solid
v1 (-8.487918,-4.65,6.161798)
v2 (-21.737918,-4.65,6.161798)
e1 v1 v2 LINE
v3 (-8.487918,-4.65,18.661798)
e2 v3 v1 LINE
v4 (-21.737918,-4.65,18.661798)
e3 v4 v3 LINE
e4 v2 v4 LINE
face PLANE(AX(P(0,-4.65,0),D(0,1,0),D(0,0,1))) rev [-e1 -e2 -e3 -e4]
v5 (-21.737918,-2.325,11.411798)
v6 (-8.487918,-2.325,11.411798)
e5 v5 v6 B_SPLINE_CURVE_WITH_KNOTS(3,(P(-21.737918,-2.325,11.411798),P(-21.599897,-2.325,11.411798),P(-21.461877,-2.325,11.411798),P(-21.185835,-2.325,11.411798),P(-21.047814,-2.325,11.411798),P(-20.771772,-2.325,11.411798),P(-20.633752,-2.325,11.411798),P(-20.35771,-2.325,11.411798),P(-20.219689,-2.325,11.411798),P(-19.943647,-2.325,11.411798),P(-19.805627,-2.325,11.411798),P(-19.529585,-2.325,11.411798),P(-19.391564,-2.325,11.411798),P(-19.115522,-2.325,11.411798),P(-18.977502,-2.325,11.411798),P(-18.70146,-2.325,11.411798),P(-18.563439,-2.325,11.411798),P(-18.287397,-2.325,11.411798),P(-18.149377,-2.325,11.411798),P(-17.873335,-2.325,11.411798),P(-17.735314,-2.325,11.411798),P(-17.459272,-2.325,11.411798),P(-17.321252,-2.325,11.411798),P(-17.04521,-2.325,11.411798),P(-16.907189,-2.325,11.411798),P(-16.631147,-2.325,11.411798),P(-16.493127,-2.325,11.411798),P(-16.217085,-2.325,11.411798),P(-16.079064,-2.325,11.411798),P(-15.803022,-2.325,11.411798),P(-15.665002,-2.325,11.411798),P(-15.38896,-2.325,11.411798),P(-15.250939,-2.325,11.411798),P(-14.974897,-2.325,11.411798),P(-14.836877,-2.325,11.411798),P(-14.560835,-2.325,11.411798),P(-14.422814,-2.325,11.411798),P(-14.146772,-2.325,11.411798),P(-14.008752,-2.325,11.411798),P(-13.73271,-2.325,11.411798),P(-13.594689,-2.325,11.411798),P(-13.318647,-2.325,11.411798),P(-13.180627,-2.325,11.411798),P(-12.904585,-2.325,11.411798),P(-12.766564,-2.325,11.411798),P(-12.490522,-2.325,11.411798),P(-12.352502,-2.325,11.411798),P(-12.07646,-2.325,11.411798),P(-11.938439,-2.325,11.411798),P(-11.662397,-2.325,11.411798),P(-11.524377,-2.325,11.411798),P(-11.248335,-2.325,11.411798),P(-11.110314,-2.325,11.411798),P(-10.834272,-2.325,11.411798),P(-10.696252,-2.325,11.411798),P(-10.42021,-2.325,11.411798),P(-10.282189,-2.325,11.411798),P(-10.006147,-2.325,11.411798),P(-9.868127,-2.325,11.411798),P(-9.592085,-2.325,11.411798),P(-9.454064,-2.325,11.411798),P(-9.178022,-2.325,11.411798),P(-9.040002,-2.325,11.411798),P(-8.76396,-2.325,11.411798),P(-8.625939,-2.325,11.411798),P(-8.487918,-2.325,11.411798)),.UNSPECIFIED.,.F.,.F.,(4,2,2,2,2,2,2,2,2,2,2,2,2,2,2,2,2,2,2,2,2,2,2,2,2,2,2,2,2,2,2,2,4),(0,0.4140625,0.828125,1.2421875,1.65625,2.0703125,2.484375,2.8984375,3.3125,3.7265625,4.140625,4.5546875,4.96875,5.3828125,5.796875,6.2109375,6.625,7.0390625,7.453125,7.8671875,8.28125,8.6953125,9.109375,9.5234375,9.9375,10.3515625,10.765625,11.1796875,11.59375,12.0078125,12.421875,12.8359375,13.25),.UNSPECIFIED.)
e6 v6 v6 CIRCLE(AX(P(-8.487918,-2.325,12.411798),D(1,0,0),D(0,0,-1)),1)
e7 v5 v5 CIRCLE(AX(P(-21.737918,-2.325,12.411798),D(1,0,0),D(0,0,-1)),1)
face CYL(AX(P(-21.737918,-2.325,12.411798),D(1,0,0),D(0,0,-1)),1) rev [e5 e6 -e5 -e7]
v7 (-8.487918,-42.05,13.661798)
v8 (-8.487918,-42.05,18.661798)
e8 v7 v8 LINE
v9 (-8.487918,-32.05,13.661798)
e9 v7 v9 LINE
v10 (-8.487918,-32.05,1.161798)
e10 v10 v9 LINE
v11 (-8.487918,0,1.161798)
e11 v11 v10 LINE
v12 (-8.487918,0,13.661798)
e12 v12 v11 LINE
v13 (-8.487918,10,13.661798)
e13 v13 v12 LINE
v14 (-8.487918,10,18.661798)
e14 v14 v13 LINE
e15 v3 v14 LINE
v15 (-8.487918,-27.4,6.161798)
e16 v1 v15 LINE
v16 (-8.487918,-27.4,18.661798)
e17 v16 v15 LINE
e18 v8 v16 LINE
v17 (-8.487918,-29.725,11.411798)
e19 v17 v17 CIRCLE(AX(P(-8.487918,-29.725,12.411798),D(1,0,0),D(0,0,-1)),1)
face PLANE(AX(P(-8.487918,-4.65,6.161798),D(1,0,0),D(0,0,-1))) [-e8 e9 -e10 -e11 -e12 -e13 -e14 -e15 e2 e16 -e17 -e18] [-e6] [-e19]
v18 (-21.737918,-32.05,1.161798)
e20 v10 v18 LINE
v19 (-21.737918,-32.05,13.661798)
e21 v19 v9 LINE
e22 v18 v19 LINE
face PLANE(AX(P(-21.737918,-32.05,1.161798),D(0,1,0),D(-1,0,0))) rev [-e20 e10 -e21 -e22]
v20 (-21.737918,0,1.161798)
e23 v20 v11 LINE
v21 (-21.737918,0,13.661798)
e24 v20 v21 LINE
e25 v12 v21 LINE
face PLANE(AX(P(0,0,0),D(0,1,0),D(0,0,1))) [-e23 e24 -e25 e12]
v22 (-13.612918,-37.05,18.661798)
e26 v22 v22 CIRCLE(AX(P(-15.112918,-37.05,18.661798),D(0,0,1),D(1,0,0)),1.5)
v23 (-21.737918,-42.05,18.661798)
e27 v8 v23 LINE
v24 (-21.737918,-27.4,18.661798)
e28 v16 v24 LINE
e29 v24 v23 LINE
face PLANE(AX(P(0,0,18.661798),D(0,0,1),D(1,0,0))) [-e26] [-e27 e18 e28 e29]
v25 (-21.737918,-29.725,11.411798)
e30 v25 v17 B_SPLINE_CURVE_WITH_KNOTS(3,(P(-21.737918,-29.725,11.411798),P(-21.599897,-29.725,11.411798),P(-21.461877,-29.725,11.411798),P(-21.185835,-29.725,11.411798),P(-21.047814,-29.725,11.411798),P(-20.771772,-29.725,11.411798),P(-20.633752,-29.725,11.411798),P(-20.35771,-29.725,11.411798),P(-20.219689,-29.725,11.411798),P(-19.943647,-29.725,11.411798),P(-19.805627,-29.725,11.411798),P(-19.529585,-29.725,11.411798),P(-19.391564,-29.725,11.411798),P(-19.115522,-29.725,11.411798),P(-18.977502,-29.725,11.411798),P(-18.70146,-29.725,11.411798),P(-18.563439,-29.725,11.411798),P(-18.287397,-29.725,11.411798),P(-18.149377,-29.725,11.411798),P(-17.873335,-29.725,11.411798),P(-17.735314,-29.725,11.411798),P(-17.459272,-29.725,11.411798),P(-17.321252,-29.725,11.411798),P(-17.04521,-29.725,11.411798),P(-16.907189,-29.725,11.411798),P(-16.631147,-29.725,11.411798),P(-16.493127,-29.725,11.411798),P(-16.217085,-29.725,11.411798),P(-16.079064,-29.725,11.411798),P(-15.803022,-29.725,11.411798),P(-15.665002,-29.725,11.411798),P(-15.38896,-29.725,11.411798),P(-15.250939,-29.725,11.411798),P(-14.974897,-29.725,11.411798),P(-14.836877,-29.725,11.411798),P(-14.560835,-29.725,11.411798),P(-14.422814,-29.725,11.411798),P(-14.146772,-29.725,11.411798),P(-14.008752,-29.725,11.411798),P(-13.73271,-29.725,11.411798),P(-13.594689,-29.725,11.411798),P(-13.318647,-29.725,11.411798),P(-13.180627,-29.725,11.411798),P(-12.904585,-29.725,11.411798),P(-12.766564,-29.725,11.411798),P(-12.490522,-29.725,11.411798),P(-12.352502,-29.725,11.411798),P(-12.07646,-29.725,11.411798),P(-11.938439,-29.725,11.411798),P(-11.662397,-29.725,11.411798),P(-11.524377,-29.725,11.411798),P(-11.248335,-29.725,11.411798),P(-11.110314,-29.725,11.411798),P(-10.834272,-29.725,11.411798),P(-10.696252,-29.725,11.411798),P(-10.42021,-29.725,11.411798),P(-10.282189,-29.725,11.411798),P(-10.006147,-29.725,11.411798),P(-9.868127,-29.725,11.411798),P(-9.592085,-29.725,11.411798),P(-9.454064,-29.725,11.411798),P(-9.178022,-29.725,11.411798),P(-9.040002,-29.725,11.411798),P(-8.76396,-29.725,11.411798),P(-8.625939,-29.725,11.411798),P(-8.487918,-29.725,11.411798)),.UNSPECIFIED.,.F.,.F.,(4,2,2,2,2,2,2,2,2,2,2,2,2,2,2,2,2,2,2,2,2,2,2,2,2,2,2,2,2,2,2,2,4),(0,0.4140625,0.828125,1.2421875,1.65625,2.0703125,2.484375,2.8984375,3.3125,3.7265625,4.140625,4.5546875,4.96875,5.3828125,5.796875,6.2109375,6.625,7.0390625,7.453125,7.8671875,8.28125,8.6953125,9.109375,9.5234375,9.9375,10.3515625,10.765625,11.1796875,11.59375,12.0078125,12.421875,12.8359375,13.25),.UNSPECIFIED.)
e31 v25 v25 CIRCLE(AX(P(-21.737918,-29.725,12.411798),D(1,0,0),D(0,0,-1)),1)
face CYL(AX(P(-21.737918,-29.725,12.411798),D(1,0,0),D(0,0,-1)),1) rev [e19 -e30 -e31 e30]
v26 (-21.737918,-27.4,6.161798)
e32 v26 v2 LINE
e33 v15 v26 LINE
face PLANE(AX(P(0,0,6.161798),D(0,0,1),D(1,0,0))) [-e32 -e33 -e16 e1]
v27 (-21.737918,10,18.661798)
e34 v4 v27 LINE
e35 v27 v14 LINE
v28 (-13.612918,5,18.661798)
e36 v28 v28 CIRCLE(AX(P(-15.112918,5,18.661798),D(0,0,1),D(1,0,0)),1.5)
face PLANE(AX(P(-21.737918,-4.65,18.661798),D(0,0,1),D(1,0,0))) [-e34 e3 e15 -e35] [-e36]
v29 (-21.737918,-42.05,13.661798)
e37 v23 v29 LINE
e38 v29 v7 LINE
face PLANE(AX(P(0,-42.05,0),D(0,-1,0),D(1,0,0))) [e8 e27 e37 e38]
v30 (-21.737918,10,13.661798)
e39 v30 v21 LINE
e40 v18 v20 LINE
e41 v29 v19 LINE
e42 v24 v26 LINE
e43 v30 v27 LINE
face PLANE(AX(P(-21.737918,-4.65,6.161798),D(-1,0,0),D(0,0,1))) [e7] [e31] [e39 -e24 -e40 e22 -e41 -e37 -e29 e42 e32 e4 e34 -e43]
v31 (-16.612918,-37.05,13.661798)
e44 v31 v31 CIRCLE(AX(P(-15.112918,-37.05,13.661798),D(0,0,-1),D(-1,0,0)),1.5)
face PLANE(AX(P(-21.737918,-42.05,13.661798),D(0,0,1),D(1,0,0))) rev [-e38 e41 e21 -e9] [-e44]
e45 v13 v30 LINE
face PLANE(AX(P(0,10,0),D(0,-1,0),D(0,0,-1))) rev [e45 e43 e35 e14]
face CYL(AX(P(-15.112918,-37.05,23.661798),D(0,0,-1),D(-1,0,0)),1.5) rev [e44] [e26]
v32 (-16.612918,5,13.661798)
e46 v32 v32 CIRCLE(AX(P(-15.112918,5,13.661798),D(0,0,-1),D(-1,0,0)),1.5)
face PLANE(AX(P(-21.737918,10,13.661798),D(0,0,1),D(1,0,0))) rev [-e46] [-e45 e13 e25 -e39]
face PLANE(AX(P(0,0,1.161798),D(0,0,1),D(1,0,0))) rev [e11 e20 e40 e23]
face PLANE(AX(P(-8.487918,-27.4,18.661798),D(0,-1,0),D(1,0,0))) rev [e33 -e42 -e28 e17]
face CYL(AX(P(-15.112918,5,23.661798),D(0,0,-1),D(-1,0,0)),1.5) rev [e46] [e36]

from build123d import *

# Parameters (mm, degrees)
ESBO_O1_W                = 13.25
ESBO_O1_H                = 12.5
RESSALTO_EXTRUS_O1_DEPTH = 4.65
ESBO_O2_W                = 13.25
ESBO_O2_H                = 32.05
RESSALTO_EXTRUS_O2_DEPTH = 5
ESBO_O3_W                = 13.25
ESBO_O3_H                = 4.65
RESSALTO_EXTRUS_O3_DEPTH = 12.5
ESBO_O4_W                = 13.25
ESBO_O4_H                = 5
RESSALTO_EXTRUS_O4_DEPTH = 10
ESBO_O5_W                = 13.25
ESBO_O5_H                = 5
RESSALTO_EXTRUS_O5_DEPTH = 10
ESBO_O6_R                = 1.5
CORTE_EXTRUS_O1_DEPTH    = 10
ESBO_O7_R                = 1
CORTE_EXTRUS_O2_DEPTH    = 48.87512604
ESBO_O8_R                = 1
CORTE_EXTRUS_O3_DEPTH    = 48.87512604


with BuildPart() as part:
    # Esboço1 → Ressalto-extrusão1 (new body)
    with BuildSketch(Plane(origin=(0, 0, 0), x_dir=(1, 0, 0), z_dir=(0, 1, 0))):
        with Locations((-15.112918198, -12.411797698)):
            Rectangle(ESBO_O1_W, ESBO_O1_H)
    extrude(amount=-RESSALTO_EXTRUS_O1_DEPTH)

    # Esboço2 → Ressalto-extrusão2 (add)
    with BuildSketch(Plane(origin=(0, 0, 6.161797698), x_dir=(-1, 0, 0), z_dir=(0, 0, -1))):
        with Locations((15.112918198, -16.025)):
            Rectangle(ESBO_O2_W, ESBO_O2_H)
    extrude(amount=RESSALTO_EXTRUS_O2_DEPTH)

    # Esboço3 → Ressalto-extrusão3 (add)
    with BuildSketch(Plane.XY.offset(6.161797698)):
        with Locations((-15.112918198, -29.725)):
            Rectangle(ESBO_O3_W, ESBO_O3_H)
    extrude(amount=RESSALTO_EXTRUS_O3_DEPTH)

    # Esboço4 → Ressalto-extrusão4 (add)
    with BuildSketch(Plane(origin=(0, -32.05, 0), x_dir=(-1, 0, 0), z_dir=(0, -1, 0))):
        with Locations((15.112918198, -16.161797698)):
            Rectangle(ESBO_O4_W, ESBO_O4_H)
    extrude(amount=RESSALTO_EXTRUS_O4_DEPTH)

    # Esboço5 → Ressalto-extrusão5 (add)
    with BuildSketch(Plane(origin=(0, 0, 0), x_dir=(1, 0, 0), z_dir=(0, 1, 0))):
        with Locations((-15.112918198, -16.161797698)):
            Rectangle(ESBO_O5_W, ESBO_O5_H)
    extrude(amount=RESSALTO_EXTRUS_O5_DEPTH)

    # Esboço6 → Corte-extrusão1 (cut)
    with BuildSketch(Plane(origin=(0, 0, 13.661797698), x_dir=(-1, 0, 0), z_dir=(0, 0, -1))):
        with Locations((15.112918198, 5)):
            Circle(ESBO_O6_R)
        with Locations((15.112918198, -37.05)):
            Circle(ESBO_O6_R)
    extrude(amount=-CORTE_EXTRUS_O1_DEPTH, mode=Mode.SUBTRACT)

    # Esboço7 → Corte-extrusão2 (cut, through all)
    with BuildSketch(Plane(origin=(-8.487918198, 0, 0), x_dir=(0, 0, -1), z_dir=(1, 0, 0))):
        with Locations((-12.411797698, -2.325)):
            Circle(ESBO_O7_R)
    extrude(amount=-CORTE_EXTRUS_O2_DEPTH, mode=Mode.SUBTRACT)

    # Esboço8 → Corte-extrusão3 (cut, through all)
    with BuildSketch(Plane(origin=(-8.487918198, 0, 0), x_dir=(0, 0, -1), z_dir=(1, 0, 0))):
        with Locations((-12.411797698, -29.725)):
            Circle(ESBO_O8_R)
    extrude(amount=-CORTE_EXTRUS_O3_DEPTH, mode=Mode.SUBTRACT)


solid = part.part
